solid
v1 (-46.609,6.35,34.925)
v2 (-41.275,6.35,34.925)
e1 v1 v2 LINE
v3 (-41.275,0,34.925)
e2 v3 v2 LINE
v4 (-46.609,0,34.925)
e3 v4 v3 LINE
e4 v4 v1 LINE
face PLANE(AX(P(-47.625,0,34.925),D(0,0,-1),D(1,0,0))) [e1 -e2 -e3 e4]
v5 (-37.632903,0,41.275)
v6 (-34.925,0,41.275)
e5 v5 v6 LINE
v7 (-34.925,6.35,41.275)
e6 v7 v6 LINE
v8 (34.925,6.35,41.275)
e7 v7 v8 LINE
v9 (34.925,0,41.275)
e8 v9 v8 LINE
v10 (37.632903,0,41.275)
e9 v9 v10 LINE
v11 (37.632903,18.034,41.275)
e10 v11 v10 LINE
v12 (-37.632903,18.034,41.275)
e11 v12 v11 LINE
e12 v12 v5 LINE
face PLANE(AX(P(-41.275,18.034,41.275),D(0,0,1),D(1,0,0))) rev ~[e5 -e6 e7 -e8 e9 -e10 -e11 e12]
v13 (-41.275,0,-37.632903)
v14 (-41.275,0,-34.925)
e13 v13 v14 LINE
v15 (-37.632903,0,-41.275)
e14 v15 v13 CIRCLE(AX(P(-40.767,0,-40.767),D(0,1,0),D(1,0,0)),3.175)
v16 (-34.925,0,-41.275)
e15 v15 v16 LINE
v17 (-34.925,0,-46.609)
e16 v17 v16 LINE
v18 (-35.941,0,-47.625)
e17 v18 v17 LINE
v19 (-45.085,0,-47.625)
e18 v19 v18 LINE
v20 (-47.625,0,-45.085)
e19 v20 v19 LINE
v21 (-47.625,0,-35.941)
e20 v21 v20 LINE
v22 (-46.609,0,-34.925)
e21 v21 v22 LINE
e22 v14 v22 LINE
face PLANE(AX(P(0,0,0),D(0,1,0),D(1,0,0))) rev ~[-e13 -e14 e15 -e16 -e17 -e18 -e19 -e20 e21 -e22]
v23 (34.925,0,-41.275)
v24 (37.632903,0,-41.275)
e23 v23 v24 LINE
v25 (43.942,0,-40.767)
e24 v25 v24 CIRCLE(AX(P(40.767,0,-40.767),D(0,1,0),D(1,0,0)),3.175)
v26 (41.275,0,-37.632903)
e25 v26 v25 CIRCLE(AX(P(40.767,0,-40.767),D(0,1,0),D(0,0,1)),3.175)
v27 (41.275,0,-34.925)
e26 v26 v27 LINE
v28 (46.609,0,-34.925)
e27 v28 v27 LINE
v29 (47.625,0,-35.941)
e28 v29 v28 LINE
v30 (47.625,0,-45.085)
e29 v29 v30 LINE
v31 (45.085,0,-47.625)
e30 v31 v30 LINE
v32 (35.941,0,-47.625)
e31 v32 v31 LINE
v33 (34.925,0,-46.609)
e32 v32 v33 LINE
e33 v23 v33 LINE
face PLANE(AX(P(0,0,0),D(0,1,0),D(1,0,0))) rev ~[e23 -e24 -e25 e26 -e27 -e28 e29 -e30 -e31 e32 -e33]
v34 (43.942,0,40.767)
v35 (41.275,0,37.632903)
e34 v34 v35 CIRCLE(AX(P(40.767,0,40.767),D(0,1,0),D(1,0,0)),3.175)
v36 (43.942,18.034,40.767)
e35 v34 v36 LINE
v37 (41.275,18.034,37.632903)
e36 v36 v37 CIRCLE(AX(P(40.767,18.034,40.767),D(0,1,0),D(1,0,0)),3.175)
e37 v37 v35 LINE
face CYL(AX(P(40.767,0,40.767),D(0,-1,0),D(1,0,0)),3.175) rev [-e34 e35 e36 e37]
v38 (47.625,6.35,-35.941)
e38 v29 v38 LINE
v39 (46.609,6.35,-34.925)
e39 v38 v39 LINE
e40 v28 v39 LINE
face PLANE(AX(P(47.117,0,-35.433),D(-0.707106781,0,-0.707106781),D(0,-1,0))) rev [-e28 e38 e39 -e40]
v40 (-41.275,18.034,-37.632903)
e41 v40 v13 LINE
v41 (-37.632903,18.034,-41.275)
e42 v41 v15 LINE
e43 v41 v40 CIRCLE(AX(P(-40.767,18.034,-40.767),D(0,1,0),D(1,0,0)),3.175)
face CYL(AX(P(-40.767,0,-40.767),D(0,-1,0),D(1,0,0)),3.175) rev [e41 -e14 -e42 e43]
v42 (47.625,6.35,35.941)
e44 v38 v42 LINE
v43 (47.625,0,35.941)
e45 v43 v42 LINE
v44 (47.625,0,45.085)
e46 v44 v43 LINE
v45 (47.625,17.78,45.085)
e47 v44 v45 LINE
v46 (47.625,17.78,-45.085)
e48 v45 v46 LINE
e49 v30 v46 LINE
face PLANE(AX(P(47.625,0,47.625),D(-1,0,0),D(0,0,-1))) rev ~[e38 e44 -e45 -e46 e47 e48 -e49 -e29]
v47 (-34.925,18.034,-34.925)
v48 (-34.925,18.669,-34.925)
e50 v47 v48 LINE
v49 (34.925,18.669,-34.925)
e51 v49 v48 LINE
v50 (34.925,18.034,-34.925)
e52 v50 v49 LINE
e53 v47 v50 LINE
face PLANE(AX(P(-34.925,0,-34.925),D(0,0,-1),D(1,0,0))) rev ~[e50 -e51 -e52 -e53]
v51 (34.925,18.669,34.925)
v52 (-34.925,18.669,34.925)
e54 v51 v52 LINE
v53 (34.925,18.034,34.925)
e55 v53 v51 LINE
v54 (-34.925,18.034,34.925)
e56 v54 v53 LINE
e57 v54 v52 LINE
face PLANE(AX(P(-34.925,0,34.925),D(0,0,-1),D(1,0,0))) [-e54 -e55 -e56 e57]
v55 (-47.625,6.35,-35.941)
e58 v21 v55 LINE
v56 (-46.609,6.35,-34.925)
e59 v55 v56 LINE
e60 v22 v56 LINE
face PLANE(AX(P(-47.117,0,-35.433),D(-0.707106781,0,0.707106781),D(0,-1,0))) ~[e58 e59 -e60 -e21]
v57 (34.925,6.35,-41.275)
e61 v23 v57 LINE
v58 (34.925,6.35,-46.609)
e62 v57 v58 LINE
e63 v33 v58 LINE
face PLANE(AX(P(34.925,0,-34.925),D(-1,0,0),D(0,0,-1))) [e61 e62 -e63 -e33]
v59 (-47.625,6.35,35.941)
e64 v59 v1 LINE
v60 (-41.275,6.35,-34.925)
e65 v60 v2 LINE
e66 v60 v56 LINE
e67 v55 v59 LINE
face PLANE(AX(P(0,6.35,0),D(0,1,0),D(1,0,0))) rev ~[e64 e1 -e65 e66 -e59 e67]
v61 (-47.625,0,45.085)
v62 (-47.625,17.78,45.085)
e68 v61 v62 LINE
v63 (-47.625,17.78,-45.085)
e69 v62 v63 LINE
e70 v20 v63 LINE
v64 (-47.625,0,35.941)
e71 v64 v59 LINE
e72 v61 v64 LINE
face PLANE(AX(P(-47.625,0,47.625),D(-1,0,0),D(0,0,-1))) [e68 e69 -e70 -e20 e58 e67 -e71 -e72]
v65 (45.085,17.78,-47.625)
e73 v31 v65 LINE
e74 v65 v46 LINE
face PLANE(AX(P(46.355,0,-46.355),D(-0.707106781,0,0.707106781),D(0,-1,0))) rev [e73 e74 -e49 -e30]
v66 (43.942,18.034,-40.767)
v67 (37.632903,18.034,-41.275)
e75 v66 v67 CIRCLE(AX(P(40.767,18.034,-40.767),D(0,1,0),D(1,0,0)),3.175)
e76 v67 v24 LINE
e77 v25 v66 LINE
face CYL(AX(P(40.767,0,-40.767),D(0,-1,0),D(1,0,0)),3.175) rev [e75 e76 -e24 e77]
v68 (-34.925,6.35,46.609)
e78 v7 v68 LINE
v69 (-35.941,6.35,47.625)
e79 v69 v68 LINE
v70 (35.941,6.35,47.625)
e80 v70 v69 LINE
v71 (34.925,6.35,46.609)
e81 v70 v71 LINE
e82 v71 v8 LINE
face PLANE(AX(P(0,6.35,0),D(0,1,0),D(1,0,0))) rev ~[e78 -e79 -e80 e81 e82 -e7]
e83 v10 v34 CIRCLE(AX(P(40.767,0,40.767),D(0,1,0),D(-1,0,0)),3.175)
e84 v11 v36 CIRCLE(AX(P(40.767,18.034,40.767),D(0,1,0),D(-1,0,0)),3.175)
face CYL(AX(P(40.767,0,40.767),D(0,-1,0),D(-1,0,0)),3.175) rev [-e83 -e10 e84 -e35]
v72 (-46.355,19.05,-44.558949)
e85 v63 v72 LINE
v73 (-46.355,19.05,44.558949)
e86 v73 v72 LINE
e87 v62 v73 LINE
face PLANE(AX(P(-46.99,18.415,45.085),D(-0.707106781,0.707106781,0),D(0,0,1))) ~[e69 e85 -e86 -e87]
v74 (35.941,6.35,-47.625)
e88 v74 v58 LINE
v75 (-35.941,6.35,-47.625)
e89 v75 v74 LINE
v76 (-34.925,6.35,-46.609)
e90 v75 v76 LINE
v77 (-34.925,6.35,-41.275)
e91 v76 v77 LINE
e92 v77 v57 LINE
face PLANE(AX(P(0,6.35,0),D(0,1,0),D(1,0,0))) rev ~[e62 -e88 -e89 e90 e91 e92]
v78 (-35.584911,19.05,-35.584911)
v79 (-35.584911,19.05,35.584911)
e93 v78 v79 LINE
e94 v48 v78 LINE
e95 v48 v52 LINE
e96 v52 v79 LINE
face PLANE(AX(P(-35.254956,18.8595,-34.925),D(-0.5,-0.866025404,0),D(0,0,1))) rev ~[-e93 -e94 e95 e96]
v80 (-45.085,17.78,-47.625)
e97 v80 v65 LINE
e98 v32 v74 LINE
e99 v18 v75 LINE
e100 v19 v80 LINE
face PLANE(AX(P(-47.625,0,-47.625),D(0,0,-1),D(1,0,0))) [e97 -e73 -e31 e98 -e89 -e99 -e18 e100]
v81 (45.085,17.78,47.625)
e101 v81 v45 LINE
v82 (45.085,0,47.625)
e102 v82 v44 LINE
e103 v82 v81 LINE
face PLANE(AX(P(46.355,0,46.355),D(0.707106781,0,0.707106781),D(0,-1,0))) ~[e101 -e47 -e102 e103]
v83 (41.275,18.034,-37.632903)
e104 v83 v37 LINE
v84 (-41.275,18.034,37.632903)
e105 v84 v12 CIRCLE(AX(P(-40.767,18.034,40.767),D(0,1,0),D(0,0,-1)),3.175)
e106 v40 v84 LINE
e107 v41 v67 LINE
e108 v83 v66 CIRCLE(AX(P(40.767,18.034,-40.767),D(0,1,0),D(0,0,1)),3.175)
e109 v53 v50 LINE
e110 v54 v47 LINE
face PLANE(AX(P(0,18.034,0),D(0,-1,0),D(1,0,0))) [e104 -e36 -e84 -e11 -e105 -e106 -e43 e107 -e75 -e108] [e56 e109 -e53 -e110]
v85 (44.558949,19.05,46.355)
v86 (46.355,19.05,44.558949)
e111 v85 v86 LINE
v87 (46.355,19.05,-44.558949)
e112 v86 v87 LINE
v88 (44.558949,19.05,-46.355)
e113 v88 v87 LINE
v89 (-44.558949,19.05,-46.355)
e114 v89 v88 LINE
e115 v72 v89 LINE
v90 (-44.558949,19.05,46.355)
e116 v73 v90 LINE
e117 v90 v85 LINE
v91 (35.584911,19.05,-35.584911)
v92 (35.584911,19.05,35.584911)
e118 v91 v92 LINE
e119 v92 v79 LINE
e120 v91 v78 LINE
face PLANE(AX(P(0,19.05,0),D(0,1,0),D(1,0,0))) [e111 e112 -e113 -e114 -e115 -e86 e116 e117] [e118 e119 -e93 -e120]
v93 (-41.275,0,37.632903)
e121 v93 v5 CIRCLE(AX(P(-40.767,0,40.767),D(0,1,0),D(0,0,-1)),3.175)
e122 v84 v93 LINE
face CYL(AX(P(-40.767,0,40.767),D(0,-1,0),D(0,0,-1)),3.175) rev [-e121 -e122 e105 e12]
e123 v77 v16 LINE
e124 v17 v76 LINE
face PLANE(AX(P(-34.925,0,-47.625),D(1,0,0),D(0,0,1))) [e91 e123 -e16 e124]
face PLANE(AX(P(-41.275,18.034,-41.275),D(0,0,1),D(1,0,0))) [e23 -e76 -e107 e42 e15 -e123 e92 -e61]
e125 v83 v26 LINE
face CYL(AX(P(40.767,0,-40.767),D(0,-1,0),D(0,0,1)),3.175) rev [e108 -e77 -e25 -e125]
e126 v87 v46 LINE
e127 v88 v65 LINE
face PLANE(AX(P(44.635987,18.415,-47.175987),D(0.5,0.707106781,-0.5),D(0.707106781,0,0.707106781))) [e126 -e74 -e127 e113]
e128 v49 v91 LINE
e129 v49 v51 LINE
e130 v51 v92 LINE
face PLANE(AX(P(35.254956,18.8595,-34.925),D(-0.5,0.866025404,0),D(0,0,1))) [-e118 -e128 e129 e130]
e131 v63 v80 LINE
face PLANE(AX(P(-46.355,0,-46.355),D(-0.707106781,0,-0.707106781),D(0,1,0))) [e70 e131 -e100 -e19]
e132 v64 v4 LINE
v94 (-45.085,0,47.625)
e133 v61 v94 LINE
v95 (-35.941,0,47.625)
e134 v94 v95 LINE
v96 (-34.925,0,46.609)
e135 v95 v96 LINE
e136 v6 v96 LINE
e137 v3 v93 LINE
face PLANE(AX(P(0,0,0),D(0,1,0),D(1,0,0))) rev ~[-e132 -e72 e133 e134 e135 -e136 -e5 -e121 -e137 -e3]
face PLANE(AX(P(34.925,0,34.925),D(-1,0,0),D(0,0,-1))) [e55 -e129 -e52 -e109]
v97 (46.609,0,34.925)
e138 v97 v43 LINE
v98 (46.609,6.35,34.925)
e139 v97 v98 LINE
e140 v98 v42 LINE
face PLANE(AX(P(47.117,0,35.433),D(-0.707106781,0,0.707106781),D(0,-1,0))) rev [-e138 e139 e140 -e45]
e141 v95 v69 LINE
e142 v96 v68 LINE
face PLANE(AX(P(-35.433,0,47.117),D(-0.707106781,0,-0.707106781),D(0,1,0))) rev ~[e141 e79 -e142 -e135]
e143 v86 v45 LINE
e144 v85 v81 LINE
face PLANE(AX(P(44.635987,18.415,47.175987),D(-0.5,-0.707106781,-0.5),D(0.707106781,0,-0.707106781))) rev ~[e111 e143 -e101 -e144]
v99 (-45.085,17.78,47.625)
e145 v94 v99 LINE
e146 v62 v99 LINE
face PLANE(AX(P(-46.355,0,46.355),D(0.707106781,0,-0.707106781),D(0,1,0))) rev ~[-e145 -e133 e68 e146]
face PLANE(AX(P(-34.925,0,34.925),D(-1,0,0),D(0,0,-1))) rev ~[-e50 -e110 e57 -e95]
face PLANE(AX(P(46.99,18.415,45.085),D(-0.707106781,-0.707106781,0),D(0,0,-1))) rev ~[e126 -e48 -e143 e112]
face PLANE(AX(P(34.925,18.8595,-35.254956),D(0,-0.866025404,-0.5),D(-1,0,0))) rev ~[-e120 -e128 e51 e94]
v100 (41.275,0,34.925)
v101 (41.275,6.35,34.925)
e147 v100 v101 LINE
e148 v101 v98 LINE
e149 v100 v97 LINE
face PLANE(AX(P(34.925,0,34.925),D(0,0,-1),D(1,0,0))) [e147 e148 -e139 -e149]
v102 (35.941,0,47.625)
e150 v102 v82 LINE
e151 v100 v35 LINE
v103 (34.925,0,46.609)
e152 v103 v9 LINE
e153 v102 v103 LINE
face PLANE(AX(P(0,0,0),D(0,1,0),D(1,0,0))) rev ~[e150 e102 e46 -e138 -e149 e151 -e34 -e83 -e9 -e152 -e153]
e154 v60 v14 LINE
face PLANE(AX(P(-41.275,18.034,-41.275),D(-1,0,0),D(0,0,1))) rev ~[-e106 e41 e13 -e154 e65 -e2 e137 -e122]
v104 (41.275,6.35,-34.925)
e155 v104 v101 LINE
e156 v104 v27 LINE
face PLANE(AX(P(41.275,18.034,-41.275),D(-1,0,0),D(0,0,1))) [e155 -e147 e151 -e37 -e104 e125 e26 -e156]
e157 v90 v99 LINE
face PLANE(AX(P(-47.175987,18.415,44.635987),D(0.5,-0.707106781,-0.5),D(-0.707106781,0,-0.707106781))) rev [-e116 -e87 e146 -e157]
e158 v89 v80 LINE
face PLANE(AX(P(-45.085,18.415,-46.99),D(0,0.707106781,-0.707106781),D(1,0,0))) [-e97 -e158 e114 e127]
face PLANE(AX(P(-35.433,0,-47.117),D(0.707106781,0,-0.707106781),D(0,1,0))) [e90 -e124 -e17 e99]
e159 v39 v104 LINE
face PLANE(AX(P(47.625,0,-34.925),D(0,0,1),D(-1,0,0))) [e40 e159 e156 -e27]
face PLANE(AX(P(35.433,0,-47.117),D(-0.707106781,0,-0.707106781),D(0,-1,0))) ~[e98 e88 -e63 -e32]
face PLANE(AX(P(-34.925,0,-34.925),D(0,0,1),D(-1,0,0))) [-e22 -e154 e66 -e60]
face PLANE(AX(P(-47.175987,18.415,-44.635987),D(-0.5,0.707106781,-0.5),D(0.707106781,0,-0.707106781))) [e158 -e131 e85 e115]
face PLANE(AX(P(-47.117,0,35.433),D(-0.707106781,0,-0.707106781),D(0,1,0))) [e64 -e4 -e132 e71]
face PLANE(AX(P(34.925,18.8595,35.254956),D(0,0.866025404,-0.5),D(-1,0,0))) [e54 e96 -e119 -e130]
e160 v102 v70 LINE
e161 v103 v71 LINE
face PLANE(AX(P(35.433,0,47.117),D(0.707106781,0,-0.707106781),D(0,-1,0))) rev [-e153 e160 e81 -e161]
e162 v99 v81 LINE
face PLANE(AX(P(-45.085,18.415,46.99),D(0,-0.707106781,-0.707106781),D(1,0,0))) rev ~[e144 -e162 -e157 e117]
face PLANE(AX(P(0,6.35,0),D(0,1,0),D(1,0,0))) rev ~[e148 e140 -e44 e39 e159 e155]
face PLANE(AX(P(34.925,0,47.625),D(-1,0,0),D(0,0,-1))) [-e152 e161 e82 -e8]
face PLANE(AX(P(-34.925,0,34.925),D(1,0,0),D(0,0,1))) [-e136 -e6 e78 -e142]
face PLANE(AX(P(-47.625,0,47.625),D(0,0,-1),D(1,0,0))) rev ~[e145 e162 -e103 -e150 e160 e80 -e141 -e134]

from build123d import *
from OCP.BRepFilletAPI import BRepFilletAPI_MakeChamfer

# Parameters (mm, degrees)
SKETCH1_W               = 95.25
SKETCH1_H               = 95.25
BOSS_EXTRUDE1_DEPTH     = 19.05
CUT_EXTRUDE1_DEPTH      = 6.35
LEGS_OUTER_SIZE         = 2.54
TOP_FACE_SIZE           = 1.27
LEGS_INNER_SIZE         = 1.016
CUT_EXTRUDE5_DEPTH      = 69.538830235
CUT_EXTRUDE5_DEPTH_BACK = 11.684
SKETCH6_W               = 82.55
SKETCH6_H               = 82.55
SKETCH3_3_W             = 69.85
SKETCH3_3_H             = 69.85
CUT_EXTRUDE6_DEPTH      = 70.9941694
CHAMFER3_SIZE           = 0.381
CHAMFER3_SIZE2          = 0.659911358
CUT_EXTRUDE3_DEPTH      = 18.034


with BuildPart() as part:
    # Sketch1 → Boss-Extrude1 (new body)
    with BuildSketch(Plane(origin=(0, 0, 0), x_dir=(1, 0, 0), z_dir=(0, 1, 0))):
        Rectangle(SKETCH1_W, SKETCH1_H)
    extrude(amount=BOSS_EXTRUDE1_DEPTH)

    # Sketch1<3> → Cut-Extrude1 (cut)
    with BuildSketch(Plane(origin=(0, 0, 0), x_dir=(1, 0, 0), z_dir=(0, 1, 0))):
        Polygon((-47.625, -34.925), (-34.925, -34.925), (-34.925, -47.625), (34.925, -47.625), (34.925, -34.925), (47.625, -34.925), (47.625, 34.925), (34.925, 34.925), (34.925, 47.625), (-34.925, 47.625), (-34.925, 34.925), (-47.625, 34.925), align=None)
    extrude(amount=CUT_EXTRUDE1_DEPTH, mode=Mode.SUBTRACT)

    # legs, outer
    legs_outer_edges = [part.edges().sort_by_distance(p)[0] for p in [
        (-47.625, 9.525, 47.625),
        (47.625, 9.525, 47.625),
        (47.625, 9.525, -47.625),
        (-47.625, 9.525, -47.625),
    ]]
    chamfer(legs_outer_edges, length=LEGS_OUTER_SIZE)

    # top face
    top_face_edges = [part.edges().sort_by_distance(p)[0] for p in [
        (0, 19.05, -47.625),
        (47.625, 19.05, 0),
        (-47.625, 19.05, 0),
        (0, 19.05, 47.625),
        (-46.355, 19.05, -46.355),
        (-46.355, 19.05, 46.355),
        (46.355, 19.05, 46.355),
        (46.355, 19.05, -46.355),
    ]]
    chamfer(top_face_edges, length=TOP_FACE_SIZE)

    # legs, inner
    legs_inner_edges = [part.edges().sort_by_distance(p)[0] for p in [
        (-47.625, 3.175, 34.925),
        (-47.625, 3.175, -34.925),
        (-34.925, 3.175, -47.625),
        (34.925, 3.175, -47.625),
        (47.625, 3.175, -34.925),
        (47.625, 3.175, 34.925),
        (34.925, 3.175, 47.625),
        (-34.925, 3.175, 47.625),
    ]]
    chamfer(legs_inner_edges, length=LEGS_INNER_SIZE)

    # Sketch6 → Cut-Extrude5 (cut, two sides: drawn at the far end of the back side and taken through both)
    with BuildSketch(Plane.XZ.offset(-6.35).offset(-CUT_EXTRUDE5_DEPTH_BACK)):
        Rectangle(SKETCH6_W, SKETCH6_H)
    extrude(amount=CUT_EXTRUDE5_DEPTH + CUT_EXTRUDE5_DEPTH_BACK, mode=Mode.SUBTRACT)

    # Sketch3<3> → Cut-Extrude6 (cut, through all)
    with BuildSketch(Plane(origin=(0, 0, 0), x_dir=(1, 0, 0), z_dir=(0, 1, 0))):
        Rectangle(SKETCH3_3_W, SKETCH3_3_H)
    extrude(amount=CUT_EXTRUDE6_DEPTH, mode=Mode.SUBTRACT)

    # Chamfer3: one chamfer whose edges measure the first distance from different faces: ONE call of the kernel's chamfer builder (chamfer() names one face for all edges)
    chamfer3_edges_1 = [part.edges().sort_by_distance(p)[0] for p in [
        (34.925, 19.05, 0),
    ]]
    chamfer3_side_1 = [part.faces().sort_by_distance(p)[0] for p in [
        (34.925, 18.542, 0),
    ]]
    chamfer3_edges_2 = [part.edges().sort_by_distance(p)[0] for p in [
        (0, 19.05, -34.925),
    ]]
    chamfer3_side_2 = [part.faces().sort_by_distance(p)[0] for p in [
        (0, 18.542, -34.925),
    ]]
    chamfer3_edges_3 = [part.edges().sort_by_distance(p)[0] for p in [
        (-34.925, 19.05, 0),
    ]]
    chamfer3_side_3 = [part.faces().sort_by_distance(p)[0] for p in [
        (-34.925, 18.542, 0),
    ]]
    chamfer3_edges_4 = [part.edges().sort_by_distance(p)[0] for p in [
        (0, 19.05, 34.925),
    ]]
    chamfer3_side_4 = [part.faces().sort_by_distance(p)[0] for p in [
        (0, 18.542, 34.925),
    ]]
    chamfer3 = BRepFilletAPI_MakeChamfer(part.part.solid().wrapped)
    for e in chamfer3_edges_1:
        chamfer3.Add(CHAMFER3_SIZE, CHAMFER3_SIZE2, e.wrapped, chamfer3_side_1[0].wrapped)  # the first distance lies on this face
    for e in chamfer3_edges_2:
        chamfer3.Add(CHAMFER3_SIZE, CHAMFER3_SIZE2, e.wrapped, chamfer3_side_2[0].wrapped)  # the first distance lies on this face
    for e in chamfer3_edges_3:
        chamfer3.Add(CHAMFER3_SIZE, CHAMFER3_SIZE2, e.wrapped, chamfer3_side_3[0].wrapped)  # the first distance lies on this face
    for e in chamfer3_edges_4:
        chamfer3.Add(CHAMFER3_SIZE, CHAMFER3_SIZE2, e.wrapped, chamfer3_side_4[0].wrapped)  # the first distance lies on this face
    add(Compound.cast(chamfer3.Shape()), mode=Mode.REPLACE)

    # Sketch3 → Cut-Extrude3 (cut)
    with BuildSketch(Plane(origin=(0, 0, 0), x_dir=(1, 0, 0), z_dir=(0, 1, 0))):
        with BuildLine():
            ThreePointArc((37.592, 40.767), (38.52193597, 38.52193597), (40.767, 37.592))
            Line((40.767, 37.592), (40.767, 40.767))
            Line((40.767, 40.767), (37.592, 40.767))
        make_face()
        with BuildLine():
            Line((40.767, 40.767), (40.767, 37.592))
            ThreePointArc((40.767, 37.592), (43.01206403, 38.52193597), (43.942, 40.767))
            ThreePointArc((43.942, 40.767), (40.767, 43.942), (37.592, 40.767))
            Line((37.592, 40.767), (40.767, 40.767))
        make_face()
        with BuildLine():
            ThreePointArc((-37.592, 40.767), (-43.01206403, 43.01206403), (-40.767, 37.592))
            Line((-40.767, 37.592), (-40.767, 40.767))
            Line((-40.767, 40.767), (-37.592, 40.767))
        make_face()
        with BuildLine():
            Line((-40.767, 40.767), (-40.767, 37.592))
            ThreePointArc((-40.767, 37.592), (-38.52193597, 38.52193597), (-37.592, 40.767))
            Line((-37.592, 40.767), (-40.767, 40.767))
        make_face()
        with BuildLine():
            ThreePointArc((40.767, -37.592), (38.52193597, -38.52193597), (37.592, -40.767))
            Line((37.592, -40.767), (40.767, -40.767))
            Line((40.767, -40.767), (40.767, -37.592))
        make_face()
        with BuildLine():
            Line((40.767, -40.767), (37.592, -40.767))
            ThreePointArc((37.592, -40.767), (40.767, -43.942), (43.942, -40.767))
            ThreePointArc((43.942, -40.767), (43.01206403, -38.52193597), (40.767, -37.592))
            Line((40.767, -37.592), (40.767, -40.767))
        make_face()
        with BuildLine():
            Line((-40.767, -37.592), (-40.767, -40.767))
            Line((-40.767, -40.767), (-37.592, -40.767))
            ThreePointArc((-37.592, -40.767), (-38.52193597, -38.52193597), (-40.767, -37.592))
        make_face()
        with BuildLine():
            Line((-37.592, -40.767), (-40.767, -40.767))
            Line((-40.767, -40.767), (-40.767, -37.592))
            ThreePointArc((-40.767, -37.592), (-43.01206403, -43.01206403), (-37.592, -40.767))
        make_face()
    extrude(amount=CUT_EXTRUDE3_DEPTH, mode=Mode.SUBTRACT)


solid = part.part
